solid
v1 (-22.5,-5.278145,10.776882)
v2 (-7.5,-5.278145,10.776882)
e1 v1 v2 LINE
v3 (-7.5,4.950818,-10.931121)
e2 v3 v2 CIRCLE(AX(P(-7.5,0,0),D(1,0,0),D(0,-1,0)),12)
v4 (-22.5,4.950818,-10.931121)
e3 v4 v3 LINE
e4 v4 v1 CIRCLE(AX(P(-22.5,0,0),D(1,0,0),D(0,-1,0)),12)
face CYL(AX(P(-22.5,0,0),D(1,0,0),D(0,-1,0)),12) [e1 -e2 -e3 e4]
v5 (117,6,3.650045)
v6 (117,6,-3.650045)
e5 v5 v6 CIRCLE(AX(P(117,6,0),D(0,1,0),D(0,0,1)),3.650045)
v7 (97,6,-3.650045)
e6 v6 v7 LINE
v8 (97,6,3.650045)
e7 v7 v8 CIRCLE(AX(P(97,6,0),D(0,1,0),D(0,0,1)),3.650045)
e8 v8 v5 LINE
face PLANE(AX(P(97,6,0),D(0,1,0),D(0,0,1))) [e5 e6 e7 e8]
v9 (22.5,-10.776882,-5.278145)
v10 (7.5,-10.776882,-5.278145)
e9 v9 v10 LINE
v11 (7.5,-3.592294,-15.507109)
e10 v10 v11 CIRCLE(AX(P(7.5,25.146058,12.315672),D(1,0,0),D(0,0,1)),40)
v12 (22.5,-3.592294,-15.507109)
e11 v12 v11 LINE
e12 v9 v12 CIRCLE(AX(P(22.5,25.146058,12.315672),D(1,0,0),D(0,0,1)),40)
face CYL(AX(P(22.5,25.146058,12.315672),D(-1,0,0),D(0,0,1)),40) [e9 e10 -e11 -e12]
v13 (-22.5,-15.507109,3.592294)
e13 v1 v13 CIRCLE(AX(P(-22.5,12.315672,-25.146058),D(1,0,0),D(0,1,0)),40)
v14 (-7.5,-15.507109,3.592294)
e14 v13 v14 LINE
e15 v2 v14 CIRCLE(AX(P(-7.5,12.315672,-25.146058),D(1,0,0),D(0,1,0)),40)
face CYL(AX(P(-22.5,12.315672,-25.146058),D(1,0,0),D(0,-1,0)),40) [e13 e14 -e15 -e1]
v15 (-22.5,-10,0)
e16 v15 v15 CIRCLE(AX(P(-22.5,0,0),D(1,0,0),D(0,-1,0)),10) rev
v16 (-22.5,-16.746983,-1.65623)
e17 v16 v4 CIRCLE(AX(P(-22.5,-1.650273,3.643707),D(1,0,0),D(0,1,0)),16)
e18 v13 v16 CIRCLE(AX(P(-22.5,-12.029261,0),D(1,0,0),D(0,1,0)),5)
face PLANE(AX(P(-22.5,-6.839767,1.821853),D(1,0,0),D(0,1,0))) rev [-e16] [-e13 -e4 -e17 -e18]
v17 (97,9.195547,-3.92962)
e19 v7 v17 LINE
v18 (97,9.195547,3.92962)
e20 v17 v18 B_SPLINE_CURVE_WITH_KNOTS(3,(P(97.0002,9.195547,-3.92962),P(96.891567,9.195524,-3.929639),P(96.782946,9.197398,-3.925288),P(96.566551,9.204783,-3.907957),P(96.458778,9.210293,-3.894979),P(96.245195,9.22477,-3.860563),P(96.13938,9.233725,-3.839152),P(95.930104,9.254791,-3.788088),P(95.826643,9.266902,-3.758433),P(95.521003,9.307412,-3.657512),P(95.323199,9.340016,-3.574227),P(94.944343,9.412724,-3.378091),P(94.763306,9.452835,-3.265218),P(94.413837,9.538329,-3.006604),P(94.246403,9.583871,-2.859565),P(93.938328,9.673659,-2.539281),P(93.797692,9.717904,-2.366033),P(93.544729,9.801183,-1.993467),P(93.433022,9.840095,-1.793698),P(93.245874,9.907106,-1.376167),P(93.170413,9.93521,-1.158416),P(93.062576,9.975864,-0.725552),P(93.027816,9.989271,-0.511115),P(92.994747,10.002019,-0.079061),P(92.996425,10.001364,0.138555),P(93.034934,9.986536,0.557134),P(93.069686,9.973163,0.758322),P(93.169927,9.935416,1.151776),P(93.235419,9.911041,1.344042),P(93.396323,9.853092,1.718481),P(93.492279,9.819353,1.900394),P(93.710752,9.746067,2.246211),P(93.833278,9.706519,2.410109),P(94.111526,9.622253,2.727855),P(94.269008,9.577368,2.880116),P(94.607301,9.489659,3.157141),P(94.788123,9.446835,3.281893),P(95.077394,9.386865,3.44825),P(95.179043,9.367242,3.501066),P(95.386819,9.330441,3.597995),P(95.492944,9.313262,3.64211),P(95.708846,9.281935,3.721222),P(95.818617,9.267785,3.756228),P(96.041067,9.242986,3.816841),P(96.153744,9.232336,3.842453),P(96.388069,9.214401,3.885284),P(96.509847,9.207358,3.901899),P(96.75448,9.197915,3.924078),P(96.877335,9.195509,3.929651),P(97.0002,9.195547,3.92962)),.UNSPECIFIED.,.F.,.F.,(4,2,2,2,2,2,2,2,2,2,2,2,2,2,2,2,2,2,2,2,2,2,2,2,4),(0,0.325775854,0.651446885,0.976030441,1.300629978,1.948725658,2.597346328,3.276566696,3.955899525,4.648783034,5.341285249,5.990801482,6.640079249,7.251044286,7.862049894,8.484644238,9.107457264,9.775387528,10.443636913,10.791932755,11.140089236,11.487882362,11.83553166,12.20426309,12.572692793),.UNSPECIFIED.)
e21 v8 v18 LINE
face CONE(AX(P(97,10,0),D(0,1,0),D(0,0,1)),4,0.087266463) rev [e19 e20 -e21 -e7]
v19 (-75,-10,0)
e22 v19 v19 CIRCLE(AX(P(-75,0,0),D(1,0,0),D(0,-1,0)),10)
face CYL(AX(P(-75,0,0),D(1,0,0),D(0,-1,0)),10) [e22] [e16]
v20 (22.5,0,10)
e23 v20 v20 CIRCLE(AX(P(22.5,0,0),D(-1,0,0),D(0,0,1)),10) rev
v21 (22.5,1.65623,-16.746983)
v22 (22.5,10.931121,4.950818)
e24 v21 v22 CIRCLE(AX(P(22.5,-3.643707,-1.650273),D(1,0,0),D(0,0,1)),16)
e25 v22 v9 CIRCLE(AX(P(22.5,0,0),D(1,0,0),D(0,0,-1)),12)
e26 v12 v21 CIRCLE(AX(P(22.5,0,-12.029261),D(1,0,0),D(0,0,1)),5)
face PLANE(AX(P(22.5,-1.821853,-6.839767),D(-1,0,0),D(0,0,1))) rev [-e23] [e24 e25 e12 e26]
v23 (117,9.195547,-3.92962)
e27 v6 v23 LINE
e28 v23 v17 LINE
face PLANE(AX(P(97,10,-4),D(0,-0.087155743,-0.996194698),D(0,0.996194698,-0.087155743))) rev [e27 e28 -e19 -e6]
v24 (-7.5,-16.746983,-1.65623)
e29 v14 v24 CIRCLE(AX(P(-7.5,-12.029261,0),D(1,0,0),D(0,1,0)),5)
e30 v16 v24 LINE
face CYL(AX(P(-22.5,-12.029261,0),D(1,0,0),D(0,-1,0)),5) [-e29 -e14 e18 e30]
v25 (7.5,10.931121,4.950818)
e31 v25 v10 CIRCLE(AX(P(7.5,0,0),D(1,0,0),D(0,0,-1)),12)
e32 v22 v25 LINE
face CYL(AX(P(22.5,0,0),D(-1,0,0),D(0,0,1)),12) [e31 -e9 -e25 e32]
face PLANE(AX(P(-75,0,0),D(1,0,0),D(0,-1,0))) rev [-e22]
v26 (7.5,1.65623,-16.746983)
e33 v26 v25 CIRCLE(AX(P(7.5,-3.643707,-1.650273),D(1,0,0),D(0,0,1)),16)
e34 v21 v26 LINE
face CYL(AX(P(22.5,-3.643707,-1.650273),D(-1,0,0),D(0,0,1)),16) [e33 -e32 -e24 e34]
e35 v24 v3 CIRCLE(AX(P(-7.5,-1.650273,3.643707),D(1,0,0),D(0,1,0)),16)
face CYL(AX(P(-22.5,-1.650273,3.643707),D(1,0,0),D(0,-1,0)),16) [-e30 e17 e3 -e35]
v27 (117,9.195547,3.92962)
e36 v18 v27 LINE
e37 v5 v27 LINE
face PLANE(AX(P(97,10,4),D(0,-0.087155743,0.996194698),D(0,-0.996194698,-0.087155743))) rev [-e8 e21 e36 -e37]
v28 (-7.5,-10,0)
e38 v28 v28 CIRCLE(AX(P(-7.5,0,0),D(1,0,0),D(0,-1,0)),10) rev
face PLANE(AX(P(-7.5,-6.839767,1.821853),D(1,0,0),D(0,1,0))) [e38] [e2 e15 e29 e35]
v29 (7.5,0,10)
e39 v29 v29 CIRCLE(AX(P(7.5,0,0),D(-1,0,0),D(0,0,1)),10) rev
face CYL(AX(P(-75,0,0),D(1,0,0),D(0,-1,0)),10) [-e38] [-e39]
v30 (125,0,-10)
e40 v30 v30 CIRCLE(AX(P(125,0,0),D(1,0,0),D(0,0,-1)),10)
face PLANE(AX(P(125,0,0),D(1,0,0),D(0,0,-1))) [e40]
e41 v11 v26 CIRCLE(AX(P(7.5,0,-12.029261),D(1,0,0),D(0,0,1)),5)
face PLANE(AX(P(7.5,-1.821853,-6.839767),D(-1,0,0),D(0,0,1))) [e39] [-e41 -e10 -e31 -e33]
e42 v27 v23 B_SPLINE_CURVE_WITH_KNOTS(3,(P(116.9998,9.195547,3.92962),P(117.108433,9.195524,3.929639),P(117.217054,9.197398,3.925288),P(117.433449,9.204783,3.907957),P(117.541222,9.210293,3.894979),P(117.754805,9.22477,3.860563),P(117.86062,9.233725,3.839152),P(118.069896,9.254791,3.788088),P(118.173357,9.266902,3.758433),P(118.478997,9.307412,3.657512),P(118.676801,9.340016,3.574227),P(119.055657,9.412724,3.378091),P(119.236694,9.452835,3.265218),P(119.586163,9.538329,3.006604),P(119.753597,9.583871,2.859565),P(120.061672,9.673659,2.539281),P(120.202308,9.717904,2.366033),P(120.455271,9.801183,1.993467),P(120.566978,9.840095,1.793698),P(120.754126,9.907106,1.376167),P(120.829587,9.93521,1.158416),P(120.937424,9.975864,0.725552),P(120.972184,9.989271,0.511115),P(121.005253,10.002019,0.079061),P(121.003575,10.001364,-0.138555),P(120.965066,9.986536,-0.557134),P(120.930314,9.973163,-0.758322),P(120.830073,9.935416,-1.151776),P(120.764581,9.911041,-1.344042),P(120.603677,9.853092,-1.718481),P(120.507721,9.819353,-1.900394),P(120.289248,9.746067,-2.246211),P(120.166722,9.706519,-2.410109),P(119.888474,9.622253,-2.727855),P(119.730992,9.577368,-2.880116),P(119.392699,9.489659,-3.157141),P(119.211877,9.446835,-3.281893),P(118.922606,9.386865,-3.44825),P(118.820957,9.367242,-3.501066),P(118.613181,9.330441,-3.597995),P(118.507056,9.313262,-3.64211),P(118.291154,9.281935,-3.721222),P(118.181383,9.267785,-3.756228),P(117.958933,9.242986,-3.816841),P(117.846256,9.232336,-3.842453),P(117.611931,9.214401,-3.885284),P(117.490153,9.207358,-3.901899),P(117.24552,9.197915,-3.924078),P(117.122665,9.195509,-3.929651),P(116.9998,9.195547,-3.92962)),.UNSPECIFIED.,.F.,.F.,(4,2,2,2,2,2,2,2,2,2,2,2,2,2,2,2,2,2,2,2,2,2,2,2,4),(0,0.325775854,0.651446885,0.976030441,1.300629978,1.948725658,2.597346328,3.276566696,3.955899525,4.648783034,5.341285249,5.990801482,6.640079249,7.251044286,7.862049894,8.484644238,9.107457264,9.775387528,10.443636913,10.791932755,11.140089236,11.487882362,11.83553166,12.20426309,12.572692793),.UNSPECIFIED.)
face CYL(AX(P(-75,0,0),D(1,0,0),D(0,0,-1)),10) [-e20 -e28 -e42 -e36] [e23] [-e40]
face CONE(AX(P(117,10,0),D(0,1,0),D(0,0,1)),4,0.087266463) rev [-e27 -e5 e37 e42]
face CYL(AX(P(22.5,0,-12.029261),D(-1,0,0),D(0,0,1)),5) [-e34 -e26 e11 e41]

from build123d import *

# Parameters (mm, degrees)
BOSS_EXTRUDE1_DEPTH      = 125
BOSS_EXTRUDE1_DEPTH_BACK = 75
SKETCH1_R                = 10
BOSS_EXTRUDE2_START      = 15
BOSS_EXTRUDE2_DEPTH      = 7.5
BODY_MOVE_COPY4_ANGLE    = 90
CUT_EXTRUDE1_START       = 10
CUT_EXTRUDE1_DEPTH       = 4
CUT_EXTRUDE1_DRAFT       = -5


with BuildPart() as part:
    # Sketch1 → Boss-Extrude1 (new, two sides: drawn at the far end of the back side and taken through both)
    with BuildSketch(Plane(origin=(0, 0, 0), x_dir=(0, 0, -1), z_dir=(1, 0, 0)).offset(-BOSS_EXTRUDE1_DEPTH_BACK)):
        Circle(SKETCH1_R)
    extrude(amount=BOSS_EXTRUDE1_DEPTH + BOSS_EXTRUDE1_DEPTH_BACK)

    # Sketch2 → Boss-Extrude2 (add, symmetric)
    with BuildSketch(Plane(origin=(0, 0, 0), x_dir=(0, 0, -1), z_dir=(1, 0, 0)).offset(BOSS_EXTRUDE2_START)):
        with BuildLine():
            ThreePointArc((-4.950818385, 10.931120589), (-10.855235073, -5.115063196), (5.27814522, -10.776881879))
            ThreePointArc((5.27814522, -10.776881879), (10.675009162, -7.586625818), (15.507108825, -3.59229396))
            ThreePointArc((15.507108825, -3.59229396), (16.895326586, -1.149524968), (16.746983201, 1.656230392))
            ThreePointArc((16.746983201, 1.656230392), (7.939134659, 11.068540296), (-4.950818385, 10.931120589))
        make_face()
    boss_extrude2 = extrude(amount=BOSS_EXTRUDE2_DEPTH, both=True)

    # Mirror3: Boss-Extrude2 across plane
    add(boss_extrude2.mirror(Plane(origin=(0, 0, 0), x_dir=(0, 0, 1), z_dir=(1, 0, 0))))


with BuildPart() as body_2:
    # Split1: the piece on the far side of the plane
    add(part.part)
    split(bisect_by=Plane(origin=(0, 0, 0), x_dir=(0, 0, 1), z_dir=(1, 0, 0)), keep=Keep.BOTTOM)


with BuildPart() as part_1:
    add(part.part)

    # Split1
    split(bisect_by=Plane(origin=(0, 0, 0), x_dir=(0, 0, 1), z_dir=(1, 0, 0)), keep=Keep.TOP)


with BuildPart() as body_2_1:
    # Body-Move/Copy4: moved
    add(body_2.part.rotate(Axis((0, 0, 0), (-1, 0, 0)), BODY_MOVE_COPY4_ANGLE))

    # Combine1: union part
    add(part_1.part)


with BuildPart() as cut_extrude1_tool:
    # Sketch5 → Cut-Extrude1 (with draft: the straight prism first)
    with BuildSketch(Plane(origin=(0, 0, 0), x_dir=(1, 0, 0), z_dir=(0, 1, 0)).offset(CUT_EXTRUDE1_START)):
        with BuildLine():
            ThreePointArc((97, 4), (93, 0), (97, -4))
            Line((97, -4), (117, -4))
            ThreePointArc((117, -4), (121, 0), (117, 4))
            Line((117, 4), (97, 4))
        make_face()
    extrude(amount=-CUT_EXTRUDE1_DEPTH)
    # Cut-Extrude1: the draft: its side faces are tilted about the plane it starts from
    cut_extrude1_sides = [cut_extrude1_tool.faces().sort_by_distance(p)[0] for p in [
        (121, 8, 0),
        (107, 8, -4),
        (93, 8, 0),
        (107, 8, 4),
    ]]
    draft(cut_extrude1_sides, Plane(origin=(0, 0, 0), x_dir=(1, 0, 0), z_dir=(0, 1, 0)).offset(CUT_EXTRUDE1_START), CUT_EXTRUDE1_DRAFT)


with BuildPart() as body_2_2:
    add(body_2_1.part)

    # Cut-Extrude1: cut by cut_extrude1_tool
    add(cut_extrude1_tool.part, mode=Mode.SUBTRACT)


solid = body_2_2.part
